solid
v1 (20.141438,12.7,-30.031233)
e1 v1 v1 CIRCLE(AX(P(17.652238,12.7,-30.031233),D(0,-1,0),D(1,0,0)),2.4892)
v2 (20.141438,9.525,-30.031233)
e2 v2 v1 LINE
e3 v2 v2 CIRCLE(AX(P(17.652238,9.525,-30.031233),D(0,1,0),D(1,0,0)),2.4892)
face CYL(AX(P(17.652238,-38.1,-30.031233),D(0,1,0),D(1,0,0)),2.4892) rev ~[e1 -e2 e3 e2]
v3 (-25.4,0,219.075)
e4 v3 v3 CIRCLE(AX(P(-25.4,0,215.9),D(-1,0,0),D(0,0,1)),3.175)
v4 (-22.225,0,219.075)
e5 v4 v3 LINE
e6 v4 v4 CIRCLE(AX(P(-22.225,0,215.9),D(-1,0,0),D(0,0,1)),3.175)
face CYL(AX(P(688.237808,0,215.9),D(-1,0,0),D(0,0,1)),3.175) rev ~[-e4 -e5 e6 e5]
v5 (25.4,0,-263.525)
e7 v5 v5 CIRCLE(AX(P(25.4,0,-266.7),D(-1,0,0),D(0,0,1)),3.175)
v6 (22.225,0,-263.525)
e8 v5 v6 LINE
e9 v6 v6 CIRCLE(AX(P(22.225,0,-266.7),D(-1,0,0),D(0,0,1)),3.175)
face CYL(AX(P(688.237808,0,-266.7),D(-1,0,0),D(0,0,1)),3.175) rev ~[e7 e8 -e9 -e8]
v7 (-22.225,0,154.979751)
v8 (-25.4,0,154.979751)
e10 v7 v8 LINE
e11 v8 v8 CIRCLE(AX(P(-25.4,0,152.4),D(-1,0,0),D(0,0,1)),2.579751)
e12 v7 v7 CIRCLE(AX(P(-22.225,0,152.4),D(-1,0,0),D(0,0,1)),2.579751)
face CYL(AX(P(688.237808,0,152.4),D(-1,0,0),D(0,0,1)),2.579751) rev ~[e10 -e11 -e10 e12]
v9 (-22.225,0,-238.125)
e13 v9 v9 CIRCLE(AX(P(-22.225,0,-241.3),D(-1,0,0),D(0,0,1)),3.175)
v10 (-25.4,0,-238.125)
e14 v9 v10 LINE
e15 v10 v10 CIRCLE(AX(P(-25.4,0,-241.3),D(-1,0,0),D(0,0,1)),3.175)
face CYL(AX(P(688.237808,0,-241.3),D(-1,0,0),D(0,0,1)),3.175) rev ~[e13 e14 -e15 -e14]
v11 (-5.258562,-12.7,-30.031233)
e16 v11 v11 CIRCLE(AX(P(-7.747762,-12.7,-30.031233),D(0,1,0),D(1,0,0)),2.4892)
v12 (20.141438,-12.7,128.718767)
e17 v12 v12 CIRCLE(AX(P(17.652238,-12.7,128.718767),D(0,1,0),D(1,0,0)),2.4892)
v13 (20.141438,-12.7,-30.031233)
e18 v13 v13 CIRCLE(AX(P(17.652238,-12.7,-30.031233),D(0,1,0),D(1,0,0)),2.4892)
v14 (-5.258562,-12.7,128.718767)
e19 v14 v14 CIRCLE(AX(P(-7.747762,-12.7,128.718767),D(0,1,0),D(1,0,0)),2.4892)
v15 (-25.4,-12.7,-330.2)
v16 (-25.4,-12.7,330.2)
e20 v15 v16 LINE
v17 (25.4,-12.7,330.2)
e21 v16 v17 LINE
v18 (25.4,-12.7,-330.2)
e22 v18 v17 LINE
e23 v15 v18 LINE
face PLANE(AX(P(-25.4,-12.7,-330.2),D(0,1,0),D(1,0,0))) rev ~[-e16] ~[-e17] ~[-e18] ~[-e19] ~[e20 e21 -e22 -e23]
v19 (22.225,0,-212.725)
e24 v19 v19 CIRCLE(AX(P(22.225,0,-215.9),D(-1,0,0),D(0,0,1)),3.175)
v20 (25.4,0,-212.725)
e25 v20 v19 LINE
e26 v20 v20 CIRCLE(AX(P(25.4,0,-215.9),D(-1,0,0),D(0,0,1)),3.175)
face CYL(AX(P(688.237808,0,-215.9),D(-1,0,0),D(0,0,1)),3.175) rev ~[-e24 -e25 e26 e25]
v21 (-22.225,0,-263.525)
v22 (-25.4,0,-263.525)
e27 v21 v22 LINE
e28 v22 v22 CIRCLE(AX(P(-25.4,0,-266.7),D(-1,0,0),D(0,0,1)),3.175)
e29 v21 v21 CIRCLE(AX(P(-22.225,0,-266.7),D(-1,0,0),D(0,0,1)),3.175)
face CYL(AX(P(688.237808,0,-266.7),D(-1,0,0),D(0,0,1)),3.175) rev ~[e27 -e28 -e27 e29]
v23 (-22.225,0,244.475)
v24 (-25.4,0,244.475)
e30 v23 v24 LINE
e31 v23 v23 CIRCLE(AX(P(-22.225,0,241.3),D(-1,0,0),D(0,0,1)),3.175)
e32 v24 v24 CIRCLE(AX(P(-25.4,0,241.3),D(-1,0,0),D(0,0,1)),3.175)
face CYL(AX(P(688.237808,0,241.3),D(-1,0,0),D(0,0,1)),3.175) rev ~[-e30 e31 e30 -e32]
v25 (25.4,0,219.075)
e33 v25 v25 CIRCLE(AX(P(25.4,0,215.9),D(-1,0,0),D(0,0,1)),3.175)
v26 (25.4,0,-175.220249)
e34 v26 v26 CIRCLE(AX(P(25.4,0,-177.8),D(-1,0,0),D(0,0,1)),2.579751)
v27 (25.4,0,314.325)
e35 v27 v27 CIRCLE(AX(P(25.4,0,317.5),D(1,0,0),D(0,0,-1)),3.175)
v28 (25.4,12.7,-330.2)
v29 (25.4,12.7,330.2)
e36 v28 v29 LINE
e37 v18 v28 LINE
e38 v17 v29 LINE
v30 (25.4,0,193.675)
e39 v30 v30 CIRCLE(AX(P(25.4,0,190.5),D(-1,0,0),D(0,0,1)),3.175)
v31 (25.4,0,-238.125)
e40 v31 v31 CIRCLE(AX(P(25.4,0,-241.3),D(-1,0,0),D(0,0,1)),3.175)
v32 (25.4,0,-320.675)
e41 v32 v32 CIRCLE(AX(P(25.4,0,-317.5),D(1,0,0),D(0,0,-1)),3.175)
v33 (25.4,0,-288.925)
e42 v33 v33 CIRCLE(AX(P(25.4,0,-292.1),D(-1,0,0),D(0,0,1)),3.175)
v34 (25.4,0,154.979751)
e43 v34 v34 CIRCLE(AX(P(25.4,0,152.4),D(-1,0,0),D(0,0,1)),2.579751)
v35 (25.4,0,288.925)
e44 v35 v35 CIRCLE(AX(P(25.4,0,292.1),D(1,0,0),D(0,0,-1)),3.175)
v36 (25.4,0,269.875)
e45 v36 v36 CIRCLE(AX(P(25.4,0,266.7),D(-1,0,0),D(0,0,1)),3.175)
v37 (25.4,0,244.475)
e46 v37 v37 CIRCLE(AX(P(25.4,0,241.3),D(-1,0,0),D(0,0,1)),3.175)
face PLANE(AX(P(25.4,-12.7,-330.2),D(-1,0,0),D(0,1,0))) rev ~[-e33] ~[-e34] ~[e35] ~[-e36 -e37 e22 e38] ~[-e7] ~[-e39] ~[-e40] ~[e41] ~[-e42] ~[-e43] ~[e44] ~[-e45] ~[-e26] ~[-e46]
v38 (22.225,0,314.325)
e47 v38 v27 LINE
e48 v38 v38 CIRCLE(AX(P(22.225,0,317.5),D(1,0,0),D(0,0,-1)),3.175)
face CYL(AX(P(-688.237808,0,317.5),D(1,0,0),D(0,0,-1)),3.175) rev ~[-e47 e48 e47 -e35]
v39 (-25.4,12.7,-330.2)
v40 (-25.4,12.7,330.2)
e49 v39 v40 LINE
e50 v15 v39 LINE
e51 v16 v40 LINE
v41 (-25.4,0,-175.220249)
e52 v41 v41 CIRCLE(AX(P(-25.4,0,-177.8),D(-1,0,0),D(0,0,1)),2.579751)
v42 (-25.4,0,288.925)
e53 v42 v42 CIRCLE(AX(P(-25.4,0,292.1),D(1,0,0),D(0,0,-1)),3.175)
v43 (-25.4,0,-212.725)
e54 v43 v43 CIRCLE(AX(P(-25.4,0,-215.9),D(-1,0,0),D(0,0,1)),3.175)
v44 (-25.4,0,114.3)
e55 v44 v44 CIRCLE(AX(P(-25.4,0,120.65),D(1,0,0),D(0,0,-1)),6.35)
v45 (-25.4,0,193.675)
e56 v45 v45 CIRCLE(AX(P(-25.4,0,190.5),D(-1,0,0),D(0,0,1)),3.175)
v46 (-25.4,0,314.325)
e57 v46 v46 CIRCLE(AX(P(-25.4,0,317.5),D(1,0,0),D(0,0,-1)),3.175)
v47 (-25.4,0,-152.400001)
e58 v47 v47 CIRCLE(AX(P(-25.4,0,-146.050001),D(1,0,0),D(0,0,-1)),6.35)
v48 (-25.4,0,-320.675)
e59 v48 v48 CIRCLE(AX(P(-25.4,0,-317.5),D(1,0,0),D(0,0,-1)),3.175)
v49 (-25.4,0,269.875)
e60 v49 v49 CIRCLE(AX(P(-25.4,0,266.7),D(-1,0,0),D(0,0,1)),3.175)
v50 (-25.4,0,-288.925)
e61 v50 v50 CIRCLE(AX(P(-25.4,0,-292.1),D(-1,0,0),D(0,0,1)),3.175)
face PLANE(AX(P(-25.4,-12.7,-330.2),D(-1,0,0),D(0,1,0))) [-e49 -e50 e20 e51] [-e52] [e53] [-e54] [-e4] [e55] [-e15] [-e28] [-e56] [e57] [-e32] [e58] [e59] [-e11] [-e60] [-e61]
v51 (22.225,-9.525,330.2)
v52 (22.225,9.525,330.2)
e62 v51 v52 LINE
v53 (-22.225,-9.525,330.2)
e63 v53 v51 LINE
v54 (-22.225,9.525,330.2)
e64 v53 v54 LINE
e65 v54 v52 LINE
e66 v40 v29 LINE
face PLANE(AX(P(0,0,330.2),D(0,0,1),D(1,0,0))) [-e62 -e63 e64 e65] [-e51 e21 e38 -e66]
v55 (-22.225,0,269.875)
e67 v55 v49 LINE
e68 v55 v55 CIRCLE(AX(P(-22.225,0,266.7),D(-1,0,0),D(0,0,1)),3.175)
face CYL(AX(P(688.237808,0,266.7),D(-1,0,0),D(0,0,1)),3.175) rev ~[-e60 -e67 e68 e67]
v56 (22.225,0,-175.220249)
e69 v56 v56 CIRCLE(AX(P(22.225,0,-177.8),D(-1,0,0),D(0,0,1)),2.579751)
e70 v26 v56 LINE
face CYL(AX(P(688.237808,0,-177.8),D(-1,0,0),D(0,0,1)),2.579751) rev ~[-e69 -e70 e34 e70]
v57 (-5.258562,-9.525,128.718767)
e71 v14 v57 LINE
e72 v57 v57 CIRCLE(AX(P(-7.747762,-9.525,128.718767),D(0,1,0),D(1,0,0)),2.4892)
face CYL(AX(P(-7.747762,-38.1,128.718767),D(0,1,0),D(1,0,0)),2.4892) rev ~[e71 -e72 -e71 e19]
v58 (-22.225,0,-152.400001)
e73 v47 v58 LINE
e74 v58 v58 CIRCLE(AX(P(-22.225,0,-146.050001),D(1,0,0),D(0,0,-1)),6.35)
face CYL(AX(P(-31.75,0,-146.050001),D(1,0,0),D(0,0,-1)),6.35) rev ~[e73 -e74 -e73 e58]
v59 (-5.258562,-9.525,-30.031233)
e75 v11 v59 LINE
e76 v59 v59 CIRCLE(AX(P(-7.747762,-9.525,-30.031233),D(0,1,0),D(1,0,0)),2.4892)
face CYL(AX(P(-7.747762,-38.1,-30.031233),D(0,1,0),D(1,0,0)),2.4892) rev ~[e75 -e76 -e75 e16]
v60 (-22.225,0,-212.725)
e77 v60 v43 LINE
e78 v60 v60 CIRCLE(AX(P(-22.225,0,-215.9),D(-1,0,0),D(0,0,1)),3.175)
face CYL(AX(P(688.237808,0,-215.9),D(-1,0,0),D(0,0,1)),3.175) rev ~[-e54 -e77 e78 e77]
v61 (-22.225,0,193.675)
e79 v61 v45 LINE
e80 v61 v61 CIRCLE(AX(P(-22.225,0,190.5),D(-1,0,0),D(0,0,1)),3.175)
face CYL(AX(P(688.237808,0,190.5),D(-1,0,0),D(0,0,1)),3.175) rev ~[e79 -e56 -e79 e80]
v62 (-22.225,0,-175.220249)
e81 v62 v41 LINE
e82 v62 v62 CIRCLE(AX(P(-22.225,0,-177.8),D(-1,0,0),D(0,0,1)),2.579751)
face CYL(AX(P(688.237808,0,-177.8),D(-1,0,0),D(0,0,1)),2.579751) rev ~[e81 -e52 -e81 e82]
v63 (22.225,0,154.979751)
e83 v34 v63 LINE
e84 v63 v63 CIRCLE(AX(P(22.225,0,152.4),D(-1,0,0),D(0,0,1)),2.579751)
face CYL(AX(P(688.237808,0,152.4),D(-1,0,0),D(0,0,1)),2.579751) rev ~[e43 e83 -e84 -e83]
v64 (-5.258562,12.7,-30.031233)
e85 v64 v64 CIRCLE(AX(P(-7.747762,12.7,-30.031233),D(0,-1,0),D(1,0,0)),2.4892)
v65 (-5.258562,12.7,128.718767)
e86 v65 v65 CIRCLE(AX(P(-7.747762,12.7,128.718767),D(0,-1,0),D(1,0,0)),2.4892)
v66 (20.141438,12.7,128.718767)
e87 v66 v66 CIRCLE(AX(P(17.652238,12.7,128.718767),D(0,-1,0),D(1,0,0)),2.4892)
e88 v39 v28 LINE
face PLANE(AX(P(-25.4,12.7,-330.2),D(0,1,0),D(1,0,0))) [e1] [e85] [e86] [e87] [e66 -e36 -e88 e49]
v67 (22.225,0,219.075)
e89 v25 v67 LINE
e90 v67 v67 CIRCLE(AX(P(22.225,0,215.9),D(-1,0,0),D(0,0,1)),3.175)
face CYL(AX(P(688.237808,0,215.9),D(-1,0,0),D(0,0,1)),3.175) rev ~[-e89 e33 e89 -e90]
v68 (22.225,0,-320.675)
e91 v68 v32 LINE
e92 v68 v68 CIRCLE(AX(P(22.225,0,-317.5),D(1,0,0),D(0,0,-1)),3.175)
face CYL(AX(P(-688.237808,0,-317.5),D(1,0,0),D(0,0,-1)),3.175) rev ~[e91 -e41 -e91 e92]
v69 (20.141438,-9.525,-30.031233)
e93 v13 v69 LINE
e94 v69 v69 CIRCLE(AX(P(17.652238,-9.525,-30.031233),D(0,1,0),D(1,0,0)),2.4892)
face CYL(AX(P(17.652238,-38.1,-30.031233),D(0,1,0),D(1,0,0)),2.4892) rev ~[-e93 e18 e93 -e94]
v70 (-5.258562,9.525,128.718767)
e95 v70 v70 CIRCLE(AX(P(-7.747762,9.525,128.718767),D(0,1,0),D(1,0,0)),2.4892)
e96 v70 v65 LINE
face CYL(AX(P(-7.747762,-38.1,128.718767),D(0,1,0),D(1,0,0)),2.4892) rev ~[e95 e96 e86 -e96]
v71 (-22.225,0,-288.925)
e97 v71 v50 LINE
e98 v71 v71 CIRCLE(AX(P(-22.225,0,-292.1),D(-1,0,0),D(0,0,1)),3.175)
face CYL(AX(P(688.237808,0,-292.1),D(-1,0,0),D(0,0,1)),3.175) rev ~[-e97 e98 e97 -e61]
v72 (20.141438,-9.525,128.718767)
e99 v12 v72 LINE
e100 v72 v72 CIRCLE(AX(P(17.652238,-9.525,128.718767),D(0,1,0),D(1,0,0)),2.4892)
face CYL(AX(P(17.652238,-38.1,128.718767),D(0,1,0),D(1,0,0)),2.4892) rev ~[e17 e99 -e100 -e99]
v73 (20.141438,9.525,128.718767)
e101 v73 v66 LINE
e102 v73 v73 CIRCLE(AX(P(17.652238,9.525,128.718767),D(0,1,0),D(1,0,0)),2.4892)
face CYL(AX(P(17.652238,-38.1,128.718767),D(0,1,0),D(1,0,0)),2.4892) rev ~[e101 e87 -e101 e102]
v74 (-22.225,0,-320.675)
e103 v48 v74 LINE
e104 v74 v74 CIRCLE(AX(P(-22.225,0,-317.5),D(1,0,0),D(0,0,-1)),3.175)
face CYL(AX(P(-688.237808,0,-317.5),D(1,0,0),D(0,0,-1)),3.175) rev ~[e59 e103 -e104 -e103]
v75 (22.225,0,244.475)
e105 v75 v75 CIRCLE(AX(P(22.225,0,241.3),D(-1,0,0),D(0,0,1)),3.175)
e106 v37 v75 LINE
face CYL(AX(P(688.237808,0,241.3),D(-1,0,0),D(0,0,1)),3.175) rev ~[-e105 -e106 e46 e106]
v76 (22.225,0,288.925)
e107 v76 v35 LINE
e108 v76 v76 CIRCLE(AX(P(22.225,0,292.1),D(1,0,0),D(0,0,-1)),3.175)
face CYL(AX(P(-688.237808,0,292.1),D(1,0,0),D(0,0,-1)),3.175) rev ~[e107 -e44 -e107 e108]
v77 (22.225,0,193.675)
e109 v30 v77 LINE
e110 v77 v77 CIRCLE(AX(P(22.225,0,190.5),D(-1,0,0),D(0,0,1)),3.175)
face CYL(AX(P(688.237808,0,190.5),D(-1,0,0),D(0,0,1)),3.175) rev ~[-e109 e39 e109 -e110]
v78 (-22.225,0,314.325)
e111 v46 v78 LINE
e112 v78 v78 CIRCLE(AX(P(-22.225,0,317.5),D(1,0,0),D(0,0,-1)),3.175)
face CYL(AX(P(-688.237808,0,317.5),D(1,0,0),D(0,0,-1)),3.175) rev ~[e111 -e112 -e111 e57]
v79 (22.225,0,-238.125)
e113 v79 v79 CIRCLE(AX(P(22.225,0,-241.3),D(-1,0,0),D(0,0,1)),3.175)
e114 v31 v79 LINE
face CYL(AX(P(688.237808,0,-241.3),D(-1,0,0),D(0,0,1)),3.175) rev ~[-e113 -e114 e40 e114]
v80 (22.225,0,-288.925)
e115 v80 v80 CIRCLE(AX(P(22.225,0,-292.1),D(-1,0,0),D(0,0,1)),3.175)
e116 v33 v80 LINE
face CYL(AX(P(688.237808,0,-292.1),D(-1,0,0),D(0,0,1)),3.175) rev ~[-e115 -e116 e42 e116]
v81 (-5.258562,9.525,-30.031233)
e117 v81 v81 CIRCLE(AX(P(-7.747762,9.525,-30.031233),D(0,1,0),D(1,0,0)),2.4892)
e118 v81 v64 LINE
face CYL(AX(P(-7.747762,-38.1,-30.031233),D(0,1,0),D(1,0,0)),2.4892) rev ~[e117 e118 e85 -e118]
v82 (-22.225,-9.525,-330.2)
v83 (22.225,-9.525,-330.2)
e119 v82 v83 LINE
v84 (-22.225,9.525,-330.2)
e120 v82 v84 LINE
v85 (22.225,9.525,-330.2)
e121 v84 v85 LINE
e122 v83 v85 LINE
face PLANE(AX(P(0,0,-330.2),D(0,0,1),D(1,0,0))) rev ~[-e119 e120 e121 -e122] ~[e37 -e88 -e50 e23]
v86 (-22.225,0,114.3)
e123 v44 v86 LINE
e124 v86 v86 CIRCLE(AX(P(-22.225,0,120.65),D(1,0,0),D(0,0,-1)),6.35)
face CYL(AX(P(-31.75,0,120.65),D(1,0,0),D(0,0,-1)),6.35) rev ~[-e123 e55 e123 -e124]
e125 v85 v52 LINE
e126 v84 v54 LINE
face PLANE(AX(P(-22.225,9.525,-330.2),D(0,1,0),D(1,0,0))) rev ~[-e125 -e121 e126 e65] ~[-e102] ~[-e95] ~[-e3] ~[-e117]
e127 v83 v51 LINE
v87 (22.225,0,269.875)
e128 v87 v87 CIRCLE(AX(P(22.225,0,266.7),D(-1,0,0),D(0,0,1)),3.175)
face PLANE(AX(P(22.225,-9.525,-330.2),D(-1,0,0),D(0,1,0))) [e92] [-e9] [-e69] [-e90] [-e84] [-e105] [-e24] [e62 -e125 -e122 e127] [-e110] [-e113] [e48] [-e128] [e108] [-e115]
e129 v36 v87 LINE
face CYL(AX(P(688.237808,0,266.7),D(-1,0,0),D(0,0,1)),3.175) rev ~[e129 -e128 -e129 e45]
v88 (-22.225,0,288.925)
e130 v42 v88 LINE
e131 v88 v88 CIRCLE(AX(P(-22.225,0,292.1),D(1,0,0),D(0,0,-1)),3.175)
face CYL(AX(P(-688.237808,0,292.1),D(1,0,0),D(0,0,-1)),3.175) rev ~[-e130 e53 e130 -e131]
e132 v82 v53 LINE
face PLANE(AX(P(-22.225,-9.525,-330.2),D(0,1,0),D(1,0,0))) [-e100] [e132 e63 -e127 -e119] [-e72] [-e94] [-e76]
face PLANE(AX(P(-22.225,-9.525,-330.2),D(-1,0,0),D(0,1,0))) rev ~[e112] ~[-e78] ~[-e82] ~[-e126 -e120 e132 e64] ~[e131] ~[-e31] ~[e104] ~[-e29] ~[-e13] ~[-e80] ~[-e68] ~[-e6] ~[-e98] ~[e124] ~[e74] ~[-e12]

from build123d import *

# Parameters (mm, degrees)
BOSS_EXTRUDE1_DEPTH              = 330.2
BOSS_EXTRUDE1_DEPTH_BACK         = 330.2
SKETCH3_W                        = 50.8
SKETCH3_H                        = 25.4
SKETCH3_W_2                      = 44.45
SKETCH3_H_2                      = 19.05
F_1_4_0_25_DIAMETER_HOLE3_D      = 6.35
F_1_4_0_25_DIAMETER_HOLE4_D      = 6.35
F_1_4_0_25_DIAMETER_HOLE5_D      = 6.35
F_1_4_0_25_DIAMETER_HOLE6_D      = 6.35
F_1_4_0_25_DIAMETER_HOLE7_D      = 6.35
F_1_4_0_25_DIAMETER_HOLE8_D      = 6.35
F_13_64_0_20313_DIAMETER_HOLE1_D = 5.159502
F_1_2_0_5_DIAMETER_HOLE1_D       = 12.7
F_1_2_0_5_DIAMETER_HOLE1_DEPTH   = 6.35
F_1_2_0_5_DIAMETER_HOLE1_TIP     = 3.815464931
F_10_CLEARANCE_HOLE1_D           = 4.9784
F_10_CLEARANCE_HOLE1_DEPTH       = 25.4
F_10_CLEARANCE_HOLE1_TIP         = 1.495662253


with BuildPart() as part:
    # Sketch3 → Boss-Extrude1 (new, two sides: drawn at the far end of the back side and taken through both)
    with BuildSketch(Plane.XY.offset(-BOSS_EXTRUDE1_DEPTH_BACK)):
        Rectangle(SKETCH3_W, SKETCH3_H)
        Rectangle(SKETCH3_W_2, SKETCH3_H_2, mode=Mode.SUBTRACT)
    extrude(amount=BOSS_EXTRUDE1_DEPTH + BOSS_EXTRUDE1_DEPTH_BACK)

    # 1/4 (0.25) Diameter Hole3 (through all)
    with Locations(Plane.ZY.offset(25.4)):
        with Locations((-317.5, 0)):
            Hole(F_1_4_0_25_DIAMETER_HOLE3_D / 2)

    # 1/4 (0.25) Diameter Hole4 (through all)
    with Locations(Plane.ZY.offset(25.4)):
        with Locations((292.1, 0), (317.5, 0)):
            Hole(F_1_4_0_25_DIAMETER_HOLE4_D / 2)

    # 1/4 (0.25) Diameter Hole5 (through all)
    with Locations(Plane(origin=(25.4, 0, 0), x_dir=(0, 0, -1), z_dir=(1, 0, 0))):
        with Locations((292.1, 0), (266.7, 0)):
            Hole(F_1_4_0_25_DIAMETER_HOLE5_D / 2)

    # 1/4 (0.25) Diameter Hole6 (through all)
    with Locations(Plane(origin=(25.4, 0, 0), x_dir=(0, 0, -1), z_dir=(1, 0, 0))):
        with Locations((215.9, 0), (241.3, 0)):
            Hole(F_1_4_0_25_DIAMETER_HOLE6_D / 2)

    # 1/4 (0.25) Diameter Hole7 (through all)
    with Locations(Plane(origin=(25.4, 0, 0), x_dir=(0, 0, -1), z_dir=(1, 0, 0))):
        with Locations((-190.5, 0), (-215.9, 0)):
            Hole(F_1_4_0_25_DIAMETER_HOLE7_D / 2)

    # 1/4 (0.25) Diameter Hole8 (through all)
    with Locations(Plane(origin=(25.4, 0, 0), x_dir=(0, 0, -1), z_dir=(1, 0, 0))):
        with Locations((-266.7, 0), (-241.3, 0)):
            Hole(F_1_4_0_25_DIAMETER_HOLE8_D / 2)

    # 13/64 (0.20313) Diameter Hole1 (through all)
    with Locations(Plane(origin=(25.4, 0, 0), x_dir=(0, 0, -1), z_dir=(1, 0, 0))):
        with Locations((-152.4, 0), (177.8, 0)):
            Hole(F_13_64_0_20313_DIAMETER_HOLE1_D / 2)

    # 1/2 (0.5) Diameter Hole1
    with Locations(Plane.ZY.offset(25.4)):
        with Locations((-146.050000508, 4.9e-08), (120.65, 1.7e-08)):
            Hole(F_1_2_0_5_DIAMETER_HOLE1_D / 2, depth=F_1_2_0_5_DIAMETER_HOLE1_DEPTH)
            with Locations((0, 0, -(F_1_2_0_5_DIAMETER_HOLE1_DEPTH + F_1_2_0_5_DIAMETER_HOLE1_TIP / 2))):  # 118° drill point
                Cone(0, F_1_2_0_5_DIAMETER_HOLE1_D / 2, F_1_2_0_5_DIAMETER_HOLE1_TIP, mode=Mode.SUBTRACT)

    # #10 Clearance Hole1
    with Locations(Plane(origin=(0, -12.7, 0), x_dir=(-1, 0, 0), z_dir=(0, -1, 0))):
        with Locations((7.747762, 30.0312328), (-17.652238, 30.0312328), (-17.652238, -128.7187672), (7.747762, -128.7187672)):
            Hole(F_10_CLEARANCE_HOLE1_D / 2, depth=F_10_CLEARANCE_HOLE1_DEPTH)
            with Locations((0, 0, -(F_10_CLEARANCE_HOLE1_DEPTH + F_10_CLEARANCE_HOLE1_TIP / 2))):  # 118° drill point
                Cone(0, F_10_CLEARANCE_HOLE1_D / 2, F_10_CLEARANCE_HOLE1_TIP, mode=Mode.SUBTRACT)


solid = part.part
